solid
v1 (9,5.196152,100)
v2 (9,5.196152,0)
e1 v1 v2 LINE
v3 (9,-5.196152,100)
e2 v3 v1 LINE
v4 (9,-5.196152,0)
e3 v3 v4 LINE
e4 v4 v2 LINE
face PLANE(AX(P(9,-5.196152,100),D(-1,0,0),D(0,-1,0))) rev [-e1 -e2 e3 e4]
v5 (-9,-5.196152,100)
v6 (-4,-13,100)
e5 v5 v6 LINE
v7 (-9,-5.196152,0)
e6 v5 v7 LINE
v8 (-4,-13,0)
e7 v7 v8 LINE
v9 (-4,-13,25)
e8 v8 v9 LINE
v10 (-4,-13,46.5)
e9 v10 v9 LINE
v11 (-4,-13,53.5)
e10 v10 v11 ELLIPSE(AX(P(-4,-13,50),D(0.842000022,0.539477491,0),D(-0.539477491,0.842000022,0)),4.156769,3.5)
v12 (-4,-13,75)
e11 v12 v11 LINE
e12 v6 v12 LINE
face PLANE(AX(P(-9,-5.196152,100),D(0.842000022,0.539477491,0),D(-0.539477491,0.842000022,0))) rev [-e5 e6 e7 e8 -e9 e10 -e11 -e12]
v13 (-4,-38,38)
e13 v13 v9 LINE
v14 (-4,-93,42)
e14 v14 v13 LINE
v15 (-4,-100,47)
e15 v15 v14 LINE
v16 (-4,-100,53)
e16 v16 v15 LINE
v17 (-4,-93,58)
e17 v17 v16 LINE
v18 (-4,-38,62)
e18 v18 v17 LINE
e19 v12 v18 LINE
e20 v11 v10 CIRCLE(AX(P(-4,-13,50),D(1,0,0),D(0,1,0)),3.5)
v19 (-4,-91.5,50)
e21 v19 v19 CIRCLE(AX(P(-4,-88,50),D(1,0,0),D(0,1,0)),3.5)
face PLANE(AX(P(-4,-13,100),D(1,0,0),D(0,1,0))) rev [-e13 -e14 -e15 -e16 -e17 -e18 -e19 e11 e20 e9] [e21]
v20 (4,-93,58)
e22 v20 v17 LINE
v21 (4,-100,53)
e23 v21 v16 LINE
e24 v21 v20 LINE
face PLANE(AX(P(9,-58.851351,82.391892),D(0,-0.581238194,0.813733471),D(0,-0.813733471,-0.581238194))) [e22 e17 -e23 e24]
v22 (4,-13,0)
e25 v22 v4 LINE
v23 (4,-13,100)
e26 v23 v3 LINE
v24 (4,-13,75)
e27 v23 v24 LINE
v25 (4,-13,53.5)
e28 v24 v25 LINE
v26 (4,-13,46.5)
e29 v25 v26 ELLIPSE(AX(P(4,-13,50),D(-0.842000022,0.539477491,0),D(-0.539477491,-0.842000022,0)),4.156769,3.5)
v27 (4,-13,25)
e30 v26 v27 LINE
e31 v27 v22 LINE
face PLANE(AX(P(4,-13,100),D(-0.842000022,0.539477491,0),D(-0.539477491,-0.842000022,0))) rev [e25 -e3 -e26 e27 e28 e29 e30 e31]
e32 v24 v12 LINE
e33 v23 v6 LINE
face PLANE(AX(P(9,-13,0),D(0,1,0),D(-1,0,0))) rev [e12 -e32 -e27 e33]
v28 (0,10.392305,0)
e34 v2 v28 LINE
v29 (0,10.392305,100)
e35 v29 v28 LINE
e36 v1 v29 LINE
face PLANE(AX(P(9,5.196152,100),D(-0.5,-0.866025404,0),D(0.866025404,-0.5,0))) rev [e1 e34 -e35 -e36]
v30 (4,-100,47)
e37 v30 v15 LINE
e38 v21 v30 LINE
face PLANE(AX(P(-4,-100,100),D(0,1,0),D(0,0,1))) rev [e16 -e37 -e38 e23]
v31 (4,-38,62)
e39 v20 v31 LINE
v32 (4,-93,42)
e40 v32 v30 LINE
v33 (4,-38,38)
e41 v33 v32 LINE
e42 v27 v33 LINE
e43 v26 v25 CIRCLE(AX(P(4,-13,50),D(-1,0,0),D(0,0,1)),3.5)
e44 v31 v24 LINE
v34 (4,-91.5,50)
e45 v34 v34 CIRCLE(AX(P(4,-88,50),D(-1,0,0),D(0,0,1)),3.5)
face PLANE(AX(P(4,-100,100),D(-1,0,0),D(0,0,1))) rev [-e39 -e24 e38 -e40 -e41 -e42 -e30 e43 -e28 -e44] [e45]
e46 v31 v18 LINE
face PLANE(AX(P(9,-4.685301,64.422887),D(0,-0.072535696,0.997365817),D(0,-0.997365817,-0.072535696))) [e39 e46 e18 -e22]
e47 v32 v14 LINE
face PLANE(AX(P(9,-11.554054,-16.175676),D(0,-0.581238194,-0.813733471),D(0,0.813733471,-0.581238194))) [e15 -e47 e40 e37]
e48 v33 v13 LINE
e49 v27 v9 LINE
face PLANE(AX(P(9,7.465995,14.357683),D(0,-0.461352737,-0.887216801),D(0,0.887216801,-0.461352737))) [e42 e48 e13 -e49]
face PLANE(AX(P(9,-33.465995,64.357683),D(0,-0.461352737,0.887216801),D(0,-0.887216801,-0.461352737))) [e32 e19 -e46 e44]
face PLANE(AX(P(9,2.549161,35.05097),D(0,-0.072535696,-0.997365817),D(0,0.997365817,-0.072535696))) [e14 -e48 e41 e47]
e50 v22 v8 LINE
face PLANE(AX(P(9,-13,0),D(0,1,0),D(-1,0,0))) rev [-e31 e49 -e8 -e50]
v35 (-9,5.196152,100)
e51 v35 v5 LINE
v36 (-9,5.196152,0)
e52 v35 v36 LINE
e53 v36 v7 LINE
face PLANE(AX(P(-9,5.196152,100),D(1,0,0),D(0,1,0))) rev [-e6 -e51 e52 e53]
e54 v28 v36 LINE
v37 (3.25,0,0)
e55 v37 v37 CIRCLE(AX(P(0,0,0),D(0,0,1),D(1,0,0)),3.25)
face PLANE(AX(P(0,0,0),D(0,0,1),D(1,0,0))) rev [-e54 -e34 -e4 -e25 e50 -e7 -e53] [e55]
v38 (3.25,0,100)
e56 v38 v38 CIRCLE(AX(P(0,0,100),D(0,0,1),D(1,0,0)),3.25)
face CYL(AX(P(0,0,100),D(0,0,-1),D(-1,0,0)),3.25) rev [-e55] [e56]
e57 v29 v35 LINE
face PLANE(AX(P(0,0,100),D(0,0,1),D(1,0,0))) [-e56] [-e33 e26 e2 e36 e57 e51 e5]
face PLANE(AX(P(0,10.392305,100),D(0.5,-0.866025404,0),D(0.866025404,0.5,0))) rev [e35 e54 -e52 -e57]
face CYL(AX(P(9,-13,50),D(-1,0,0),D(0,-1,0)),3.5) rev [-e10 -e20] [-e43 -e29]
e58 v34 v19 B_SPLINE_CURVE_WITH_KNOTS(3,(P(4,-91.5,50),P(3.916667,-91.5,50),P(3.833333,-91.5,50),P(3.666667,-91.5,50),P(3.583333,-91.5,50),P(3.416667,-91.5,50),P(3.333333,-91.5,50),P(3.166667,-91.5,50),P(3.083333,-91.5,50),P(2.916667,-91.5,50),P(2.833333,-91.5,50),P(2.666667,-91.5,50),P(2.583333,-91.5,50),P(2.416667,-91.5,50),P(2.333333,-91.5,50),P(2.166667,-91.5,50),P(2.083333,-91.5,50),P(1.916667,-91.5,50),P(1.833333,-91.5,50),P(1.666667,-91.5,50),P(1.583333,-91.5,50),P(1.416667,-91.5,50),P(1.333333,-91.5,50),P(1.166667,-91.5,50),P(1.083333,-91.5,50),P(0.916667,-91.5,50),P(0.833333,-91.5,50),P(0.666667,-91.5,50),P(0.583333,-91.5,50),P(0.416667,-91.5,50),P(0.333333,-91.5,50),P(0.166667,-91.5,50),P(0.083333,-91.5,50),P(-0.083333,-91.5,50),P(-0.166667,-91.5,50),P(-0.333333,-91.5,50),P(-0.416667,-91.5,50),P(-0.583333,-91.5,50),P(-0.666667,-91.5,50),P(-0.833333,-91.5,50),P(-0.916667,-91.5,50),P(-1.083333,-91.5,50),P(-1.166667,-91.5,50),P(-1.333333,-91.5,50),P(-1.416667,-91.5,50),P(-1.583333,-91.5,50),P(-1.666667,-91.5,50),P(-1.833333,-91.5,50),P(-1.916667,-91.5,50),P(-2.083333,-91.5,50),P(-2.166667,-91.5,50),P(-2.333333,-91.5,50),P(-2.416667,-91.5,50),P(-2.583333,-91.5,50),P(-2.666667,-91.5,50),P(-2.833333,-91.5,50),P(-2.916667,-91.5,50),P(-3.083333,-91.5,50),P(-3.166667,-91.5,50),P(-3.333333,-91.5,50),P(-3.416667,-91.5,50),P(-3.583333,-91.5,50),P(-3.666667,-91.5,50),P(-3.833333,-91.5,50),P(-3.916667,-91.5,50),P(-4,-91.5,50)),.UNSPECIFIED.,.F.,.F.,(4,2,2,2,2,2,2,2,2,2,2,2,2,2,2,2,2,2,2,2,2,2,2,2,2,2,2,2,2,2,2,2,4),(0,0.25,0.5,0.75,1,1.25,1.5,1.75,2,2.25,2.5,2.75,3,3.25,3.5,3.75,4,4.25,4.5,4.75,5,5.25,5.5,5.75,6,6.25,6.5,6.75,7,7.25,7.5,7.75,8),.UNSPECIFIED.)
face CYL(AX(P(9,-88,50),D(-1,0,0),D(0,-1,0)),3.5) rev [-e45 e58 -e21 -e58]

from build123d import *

# Parameters (mm, degrees)
SKETCH_1_R               = 3.25
EXTRUDE_1_DEPTH          = 100
CUT_EXTRUDE_1_DEPTH      = 143.017604543
CUT_EXTRUDE_1_DEPTH_BACK = 143.017604543
SKETCH_2_R               = 3.5


with BuildPart() as part:
    # 草圖1 → 填料-伸長1 (new body)
    with BuildSketch(Plane.XY):
        Polygon((-9, 5.196152423), (-9, -5.196152423), (-4, -13), (-4, -100), (4, -100), (4, -13), (9, -5.196152423), (9, 5.196152423), (0, 10.392304845), align=None)
        Circle(SKETCH_1_R, mode=Mode.SUBTRACT)
    extrude(amount=EXTRUDE_1_DEPTH)

    # 草圖2 → 除料-伸長1 (cut, two sides: drawn at the far end of the back side and taken through both)
    with BuildSketch(Plane.ZY.offset(4).offset(-CUT_EXTRUDE_1_DEPTH_BACK)):
        Polygon((25, -13), (0, -13), (0, -100), (47, -100), (42, -93), (38, -38), align=None)
        Polygon((58, -93), (53, -100), (100, -100), (100, -13), (75, -13), (62, -38), align=None)
        Polygon((14.096436709, -107.454844565), (0, -100), (100, -100), (75.233428016, -107.454844565), align=None)
        with BuildLine():
            Line((53.5, -13), (46.5, -13))
            ThreePointArc((46.5, -13), (50, -16.5), (53.5, -13))
        make_face()
        with BuildLine():
            ThreePointArc((53.5, -13), (50, -9.5), (46.5, -13))
            Line((46.5, -13), (53.5, -13))
        make_face()
        with Locations(Location((50, -88, 0), (0, 0, 270))):
            Circle(SKETCH_2_R)
    extrude(amount=CUT_EXTRUDE_1_DEPTH + CUT_EXTRUDE_1_DEPTH_BACK, mode=Mode.SUBTRACT)


solid = part.part
